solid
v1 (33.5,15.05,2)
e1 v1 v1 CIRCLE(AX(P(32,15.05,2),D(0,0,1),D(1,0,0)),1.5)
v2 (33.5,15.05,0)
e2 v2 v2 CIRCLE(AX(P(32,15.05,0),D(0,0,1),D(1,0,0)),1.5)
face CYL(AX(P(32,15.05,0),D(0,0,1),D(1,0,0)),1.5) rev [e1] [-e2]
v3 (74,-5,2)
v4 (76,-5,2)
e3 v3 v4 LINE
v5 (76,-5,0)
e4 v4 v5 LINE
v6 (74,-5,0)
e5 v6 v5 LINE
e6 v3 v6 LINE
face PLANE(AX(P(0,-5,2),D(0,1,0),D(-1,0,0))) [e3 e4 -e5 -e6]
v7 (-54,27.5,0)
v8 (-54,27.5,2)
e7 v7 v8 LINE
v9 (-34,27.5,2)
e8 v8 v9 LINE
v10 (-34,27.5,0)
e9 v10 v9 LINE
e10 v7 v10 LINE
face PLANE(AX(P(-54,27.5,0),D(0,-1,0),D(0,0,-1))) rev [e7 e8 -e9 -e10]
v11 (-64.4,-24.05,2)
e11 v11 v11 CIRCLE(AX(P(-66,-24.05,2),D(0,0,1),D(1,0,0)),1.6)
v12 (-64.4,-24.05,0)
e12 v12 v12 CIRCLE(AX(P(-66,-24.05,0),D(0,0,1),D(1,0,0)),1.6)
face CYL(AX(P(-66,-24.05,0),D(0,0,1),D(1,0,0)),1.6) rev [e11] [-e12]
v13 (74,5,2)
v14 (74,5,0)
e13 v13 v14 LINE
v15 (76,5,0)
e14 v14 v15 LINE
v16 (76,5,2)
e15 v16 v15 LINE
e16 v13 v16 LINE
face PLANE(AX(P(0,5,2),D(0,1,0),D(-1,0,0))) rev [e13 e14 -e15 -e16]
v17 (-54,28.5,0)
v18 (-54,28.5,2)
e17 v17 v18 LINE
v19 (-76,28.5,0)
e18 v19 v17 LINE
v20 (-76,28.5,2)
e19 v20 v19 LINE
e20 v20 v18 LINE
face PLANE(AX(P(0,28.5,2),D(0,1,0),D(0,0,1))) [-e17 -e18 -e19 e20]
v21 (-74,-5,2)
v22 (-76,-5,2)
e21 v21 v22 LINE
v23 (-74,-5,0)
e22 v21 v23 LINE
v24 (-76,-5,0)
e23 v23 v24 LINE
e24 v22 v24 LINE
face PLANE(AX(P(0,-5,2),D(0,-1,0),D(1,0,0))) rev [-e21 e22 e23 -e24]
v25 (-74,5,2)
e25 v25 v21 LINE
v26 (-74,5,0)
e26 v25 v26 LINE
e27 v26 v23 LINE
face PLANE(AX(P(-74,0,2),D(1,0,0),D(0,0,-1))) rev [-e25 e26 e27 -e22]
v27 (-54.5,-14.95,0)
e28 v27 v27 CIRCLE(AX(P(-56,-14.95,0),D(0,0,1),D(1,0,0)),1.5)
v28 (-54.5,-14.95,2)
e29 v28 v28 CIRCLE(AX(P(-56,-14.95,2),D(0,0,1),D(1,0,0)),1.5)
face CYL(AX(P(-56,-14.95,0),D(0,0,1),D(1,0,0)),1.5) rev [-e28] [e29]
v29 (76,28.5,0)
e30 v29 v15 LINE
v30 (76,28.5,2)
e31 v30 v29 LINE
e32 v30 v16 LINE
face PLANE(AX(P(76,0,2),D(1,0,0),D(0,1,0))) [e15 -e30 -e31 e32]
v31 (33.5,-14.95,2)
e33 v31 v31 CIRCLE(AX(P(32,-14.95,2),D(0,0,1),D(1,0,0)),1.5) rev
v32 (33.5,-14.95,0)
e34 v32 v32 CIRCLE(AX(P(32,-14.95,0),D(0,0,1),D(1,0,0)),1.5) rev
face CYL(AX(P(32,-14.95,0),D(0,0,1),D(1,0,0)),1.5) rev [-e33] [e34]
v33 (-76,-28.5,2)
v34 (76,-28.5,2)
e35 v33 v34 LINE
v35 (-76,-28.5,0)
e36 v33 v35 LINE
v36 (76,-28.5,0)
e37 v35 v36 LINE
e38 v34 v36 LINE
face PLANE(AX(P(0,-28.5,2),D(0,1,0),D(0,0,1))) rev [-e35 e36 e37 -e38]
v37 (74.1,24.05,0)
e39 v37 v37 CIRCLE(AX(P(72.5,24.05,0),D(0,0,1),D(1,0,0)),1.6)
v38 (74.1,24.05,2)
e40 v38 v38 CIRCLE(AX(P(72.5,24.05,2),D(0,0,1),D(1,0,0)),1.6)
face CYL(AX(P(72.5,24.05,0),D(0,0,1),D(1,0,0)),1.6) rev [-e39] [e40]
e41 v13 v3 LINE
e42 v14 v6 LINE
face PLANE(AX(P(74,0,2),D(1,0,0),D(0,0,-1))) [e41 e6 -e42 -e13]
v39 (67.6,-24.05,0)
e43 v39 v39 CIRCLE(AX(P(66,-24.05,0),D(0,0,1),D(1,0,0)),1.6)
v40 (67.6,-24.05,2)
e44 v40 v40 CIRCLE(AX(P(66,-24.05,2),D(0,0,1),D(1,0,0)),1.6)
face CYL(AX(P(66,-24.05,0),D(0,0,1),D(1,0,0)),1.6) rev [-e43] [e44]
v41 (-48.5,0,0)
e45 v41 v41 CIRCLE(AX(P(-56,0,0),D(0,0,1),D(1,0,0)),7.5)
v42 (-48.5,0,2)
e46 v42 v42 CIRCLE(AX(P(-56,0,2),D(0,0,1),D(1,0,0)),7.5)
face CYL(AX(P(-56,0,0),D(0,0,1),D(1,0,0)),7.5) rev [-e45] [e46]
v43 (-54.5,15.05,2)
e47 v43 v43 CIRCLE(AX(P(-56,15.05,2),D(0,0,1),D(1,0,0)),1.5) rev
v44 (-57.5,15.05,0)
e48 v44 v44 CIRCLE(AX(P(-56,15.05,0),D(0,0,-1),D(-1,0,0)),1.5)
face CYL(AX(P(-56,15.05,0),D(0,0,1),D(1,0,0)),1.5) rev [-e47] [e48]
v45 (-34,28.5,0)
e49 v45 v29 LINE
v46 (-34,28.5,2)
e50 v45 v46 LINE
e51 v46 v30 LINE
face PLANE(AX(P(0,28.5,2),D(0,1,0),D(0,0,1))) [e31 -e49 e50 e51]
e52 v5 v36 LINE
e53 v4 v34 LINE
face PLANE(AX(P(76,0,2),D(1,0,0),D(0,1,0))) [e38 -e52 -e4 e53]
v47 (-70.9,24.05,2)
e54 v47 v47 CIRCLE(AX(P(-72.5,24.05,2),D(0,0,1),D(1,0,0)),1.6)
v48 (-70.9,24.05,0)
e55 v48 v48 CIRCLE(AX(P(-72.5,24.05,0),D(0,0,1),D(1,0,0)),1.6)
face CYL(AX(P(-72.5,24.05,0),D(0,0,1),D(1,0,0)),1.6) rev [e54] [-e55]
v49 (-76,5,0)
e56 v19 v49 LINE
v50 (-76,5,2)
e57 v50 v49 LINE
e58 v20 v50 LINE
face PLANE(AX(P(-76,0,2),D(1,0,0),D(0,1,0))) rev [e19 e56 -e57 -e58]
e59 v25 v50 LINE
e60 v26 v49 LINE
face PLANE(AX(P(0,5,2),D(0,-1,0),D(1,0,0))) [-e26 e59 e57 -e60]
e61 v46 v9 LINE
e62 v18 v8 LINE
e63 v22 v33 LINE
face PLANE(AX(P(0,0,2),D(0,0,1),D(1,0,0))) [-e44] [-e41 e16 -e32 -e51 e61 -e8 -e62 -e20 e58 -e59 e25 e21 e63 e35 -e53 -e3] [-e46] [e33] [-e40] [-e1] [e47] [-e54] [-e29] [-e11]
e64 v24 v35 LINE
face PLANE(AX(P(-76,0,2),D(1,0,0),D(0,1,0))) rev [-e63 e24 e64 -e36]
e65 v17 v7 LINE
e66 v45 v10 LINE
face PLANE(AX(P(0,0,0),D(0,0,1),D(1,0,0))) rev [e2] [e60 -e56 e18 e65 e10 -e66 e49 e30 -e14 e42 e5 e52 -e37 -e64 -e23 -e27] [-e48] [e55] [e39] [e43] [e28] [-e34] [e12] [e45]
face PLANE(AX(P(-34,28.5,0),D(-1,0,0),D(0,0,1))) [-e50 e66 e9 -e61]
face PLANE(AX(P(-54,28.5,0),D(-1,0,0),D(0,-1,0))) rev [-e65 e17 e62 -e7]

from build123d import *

# Parameters (mm, degrees)
BOSS_EXTRUDE1_DEPTH     = 2
SKETCH2_R               = 1.6
SKETCH2_R_2             = 7.5
CUT_EXTRUDE1_DEPTH      = 3
SKETCH3_R               = 1.5
SKETCH3_W               = 20
SKETCH3_H               = 1
CUT_EXTRUDE2_DEPTH      = 1
CUT_EXTRUDE2_DEPTH_BACK = 3


with BuildPart() as part:
    # Sketch1 → Boss-Extrude1 (new body)
    with BuildSketch(Plane.XY):
        Polygon((76, 28.5), (-76, 28.5), (-76, 5), (-74, 5), (-74, -5), (-76, -5), (-76, -28.5), (76, -28.5), (76, -5), (74, -5), (74, 5), (76, 5), align=None)
    extrude(amount=BOSS_EXTRUDE1_DEPTH)

    # Sketch2 → Cut-Extrude1 (cut, through all)
    with BuildSketch(Plane.XY.offset(2)):
        with Locations((-72.5, 24.05)):
            Circle(SKETCH2_R)
        with Locations((72.5, 24.05)):
            Circle(SKETCH2_R)
        with Locations((66, -24.05)):
            Circle(SKETCH2_R)
        with Locations((-66, -24.05)):
            Circle(SKETCH2_R)
        with Locations((-56, 0)):
            Circle(SKETCH2_R_2)
    extrude(amount=-CUT_EXTRUDE1_DEPTH, mode=Mode.SUBTRACT)

    # Sketch3 → Cut-Extrude2 (cut, two sides)
    with BuildSketch(Plane.XY.offset(2)) as cut_extrude2_sk:
        with Locations((32, -14.95)):
            Circle(SKETCH3_R)
        with Locations((-56, 15.05)):
            Circle(SKETCH3_R)
        with Locations((-56, -14.95)):
            Circle(SKETCH3_R)
        with Locations((32, 15.05)):
            Circle(SKETCH3_R)
        with Locations((-44, 28)):
            Rectangle(SKETCH3_W, SKETCH3_H)
    extrude(amount=CUT_EXTRUDE2_DEPTH, mode=Mode.SUBTRACT)
    extrude(cut_extrude2_sk.sketch, amount=-CUT_EXTRUDE2_DEPTH_BACK, mode=Mode.SUBTRACT)


solid = part.part
